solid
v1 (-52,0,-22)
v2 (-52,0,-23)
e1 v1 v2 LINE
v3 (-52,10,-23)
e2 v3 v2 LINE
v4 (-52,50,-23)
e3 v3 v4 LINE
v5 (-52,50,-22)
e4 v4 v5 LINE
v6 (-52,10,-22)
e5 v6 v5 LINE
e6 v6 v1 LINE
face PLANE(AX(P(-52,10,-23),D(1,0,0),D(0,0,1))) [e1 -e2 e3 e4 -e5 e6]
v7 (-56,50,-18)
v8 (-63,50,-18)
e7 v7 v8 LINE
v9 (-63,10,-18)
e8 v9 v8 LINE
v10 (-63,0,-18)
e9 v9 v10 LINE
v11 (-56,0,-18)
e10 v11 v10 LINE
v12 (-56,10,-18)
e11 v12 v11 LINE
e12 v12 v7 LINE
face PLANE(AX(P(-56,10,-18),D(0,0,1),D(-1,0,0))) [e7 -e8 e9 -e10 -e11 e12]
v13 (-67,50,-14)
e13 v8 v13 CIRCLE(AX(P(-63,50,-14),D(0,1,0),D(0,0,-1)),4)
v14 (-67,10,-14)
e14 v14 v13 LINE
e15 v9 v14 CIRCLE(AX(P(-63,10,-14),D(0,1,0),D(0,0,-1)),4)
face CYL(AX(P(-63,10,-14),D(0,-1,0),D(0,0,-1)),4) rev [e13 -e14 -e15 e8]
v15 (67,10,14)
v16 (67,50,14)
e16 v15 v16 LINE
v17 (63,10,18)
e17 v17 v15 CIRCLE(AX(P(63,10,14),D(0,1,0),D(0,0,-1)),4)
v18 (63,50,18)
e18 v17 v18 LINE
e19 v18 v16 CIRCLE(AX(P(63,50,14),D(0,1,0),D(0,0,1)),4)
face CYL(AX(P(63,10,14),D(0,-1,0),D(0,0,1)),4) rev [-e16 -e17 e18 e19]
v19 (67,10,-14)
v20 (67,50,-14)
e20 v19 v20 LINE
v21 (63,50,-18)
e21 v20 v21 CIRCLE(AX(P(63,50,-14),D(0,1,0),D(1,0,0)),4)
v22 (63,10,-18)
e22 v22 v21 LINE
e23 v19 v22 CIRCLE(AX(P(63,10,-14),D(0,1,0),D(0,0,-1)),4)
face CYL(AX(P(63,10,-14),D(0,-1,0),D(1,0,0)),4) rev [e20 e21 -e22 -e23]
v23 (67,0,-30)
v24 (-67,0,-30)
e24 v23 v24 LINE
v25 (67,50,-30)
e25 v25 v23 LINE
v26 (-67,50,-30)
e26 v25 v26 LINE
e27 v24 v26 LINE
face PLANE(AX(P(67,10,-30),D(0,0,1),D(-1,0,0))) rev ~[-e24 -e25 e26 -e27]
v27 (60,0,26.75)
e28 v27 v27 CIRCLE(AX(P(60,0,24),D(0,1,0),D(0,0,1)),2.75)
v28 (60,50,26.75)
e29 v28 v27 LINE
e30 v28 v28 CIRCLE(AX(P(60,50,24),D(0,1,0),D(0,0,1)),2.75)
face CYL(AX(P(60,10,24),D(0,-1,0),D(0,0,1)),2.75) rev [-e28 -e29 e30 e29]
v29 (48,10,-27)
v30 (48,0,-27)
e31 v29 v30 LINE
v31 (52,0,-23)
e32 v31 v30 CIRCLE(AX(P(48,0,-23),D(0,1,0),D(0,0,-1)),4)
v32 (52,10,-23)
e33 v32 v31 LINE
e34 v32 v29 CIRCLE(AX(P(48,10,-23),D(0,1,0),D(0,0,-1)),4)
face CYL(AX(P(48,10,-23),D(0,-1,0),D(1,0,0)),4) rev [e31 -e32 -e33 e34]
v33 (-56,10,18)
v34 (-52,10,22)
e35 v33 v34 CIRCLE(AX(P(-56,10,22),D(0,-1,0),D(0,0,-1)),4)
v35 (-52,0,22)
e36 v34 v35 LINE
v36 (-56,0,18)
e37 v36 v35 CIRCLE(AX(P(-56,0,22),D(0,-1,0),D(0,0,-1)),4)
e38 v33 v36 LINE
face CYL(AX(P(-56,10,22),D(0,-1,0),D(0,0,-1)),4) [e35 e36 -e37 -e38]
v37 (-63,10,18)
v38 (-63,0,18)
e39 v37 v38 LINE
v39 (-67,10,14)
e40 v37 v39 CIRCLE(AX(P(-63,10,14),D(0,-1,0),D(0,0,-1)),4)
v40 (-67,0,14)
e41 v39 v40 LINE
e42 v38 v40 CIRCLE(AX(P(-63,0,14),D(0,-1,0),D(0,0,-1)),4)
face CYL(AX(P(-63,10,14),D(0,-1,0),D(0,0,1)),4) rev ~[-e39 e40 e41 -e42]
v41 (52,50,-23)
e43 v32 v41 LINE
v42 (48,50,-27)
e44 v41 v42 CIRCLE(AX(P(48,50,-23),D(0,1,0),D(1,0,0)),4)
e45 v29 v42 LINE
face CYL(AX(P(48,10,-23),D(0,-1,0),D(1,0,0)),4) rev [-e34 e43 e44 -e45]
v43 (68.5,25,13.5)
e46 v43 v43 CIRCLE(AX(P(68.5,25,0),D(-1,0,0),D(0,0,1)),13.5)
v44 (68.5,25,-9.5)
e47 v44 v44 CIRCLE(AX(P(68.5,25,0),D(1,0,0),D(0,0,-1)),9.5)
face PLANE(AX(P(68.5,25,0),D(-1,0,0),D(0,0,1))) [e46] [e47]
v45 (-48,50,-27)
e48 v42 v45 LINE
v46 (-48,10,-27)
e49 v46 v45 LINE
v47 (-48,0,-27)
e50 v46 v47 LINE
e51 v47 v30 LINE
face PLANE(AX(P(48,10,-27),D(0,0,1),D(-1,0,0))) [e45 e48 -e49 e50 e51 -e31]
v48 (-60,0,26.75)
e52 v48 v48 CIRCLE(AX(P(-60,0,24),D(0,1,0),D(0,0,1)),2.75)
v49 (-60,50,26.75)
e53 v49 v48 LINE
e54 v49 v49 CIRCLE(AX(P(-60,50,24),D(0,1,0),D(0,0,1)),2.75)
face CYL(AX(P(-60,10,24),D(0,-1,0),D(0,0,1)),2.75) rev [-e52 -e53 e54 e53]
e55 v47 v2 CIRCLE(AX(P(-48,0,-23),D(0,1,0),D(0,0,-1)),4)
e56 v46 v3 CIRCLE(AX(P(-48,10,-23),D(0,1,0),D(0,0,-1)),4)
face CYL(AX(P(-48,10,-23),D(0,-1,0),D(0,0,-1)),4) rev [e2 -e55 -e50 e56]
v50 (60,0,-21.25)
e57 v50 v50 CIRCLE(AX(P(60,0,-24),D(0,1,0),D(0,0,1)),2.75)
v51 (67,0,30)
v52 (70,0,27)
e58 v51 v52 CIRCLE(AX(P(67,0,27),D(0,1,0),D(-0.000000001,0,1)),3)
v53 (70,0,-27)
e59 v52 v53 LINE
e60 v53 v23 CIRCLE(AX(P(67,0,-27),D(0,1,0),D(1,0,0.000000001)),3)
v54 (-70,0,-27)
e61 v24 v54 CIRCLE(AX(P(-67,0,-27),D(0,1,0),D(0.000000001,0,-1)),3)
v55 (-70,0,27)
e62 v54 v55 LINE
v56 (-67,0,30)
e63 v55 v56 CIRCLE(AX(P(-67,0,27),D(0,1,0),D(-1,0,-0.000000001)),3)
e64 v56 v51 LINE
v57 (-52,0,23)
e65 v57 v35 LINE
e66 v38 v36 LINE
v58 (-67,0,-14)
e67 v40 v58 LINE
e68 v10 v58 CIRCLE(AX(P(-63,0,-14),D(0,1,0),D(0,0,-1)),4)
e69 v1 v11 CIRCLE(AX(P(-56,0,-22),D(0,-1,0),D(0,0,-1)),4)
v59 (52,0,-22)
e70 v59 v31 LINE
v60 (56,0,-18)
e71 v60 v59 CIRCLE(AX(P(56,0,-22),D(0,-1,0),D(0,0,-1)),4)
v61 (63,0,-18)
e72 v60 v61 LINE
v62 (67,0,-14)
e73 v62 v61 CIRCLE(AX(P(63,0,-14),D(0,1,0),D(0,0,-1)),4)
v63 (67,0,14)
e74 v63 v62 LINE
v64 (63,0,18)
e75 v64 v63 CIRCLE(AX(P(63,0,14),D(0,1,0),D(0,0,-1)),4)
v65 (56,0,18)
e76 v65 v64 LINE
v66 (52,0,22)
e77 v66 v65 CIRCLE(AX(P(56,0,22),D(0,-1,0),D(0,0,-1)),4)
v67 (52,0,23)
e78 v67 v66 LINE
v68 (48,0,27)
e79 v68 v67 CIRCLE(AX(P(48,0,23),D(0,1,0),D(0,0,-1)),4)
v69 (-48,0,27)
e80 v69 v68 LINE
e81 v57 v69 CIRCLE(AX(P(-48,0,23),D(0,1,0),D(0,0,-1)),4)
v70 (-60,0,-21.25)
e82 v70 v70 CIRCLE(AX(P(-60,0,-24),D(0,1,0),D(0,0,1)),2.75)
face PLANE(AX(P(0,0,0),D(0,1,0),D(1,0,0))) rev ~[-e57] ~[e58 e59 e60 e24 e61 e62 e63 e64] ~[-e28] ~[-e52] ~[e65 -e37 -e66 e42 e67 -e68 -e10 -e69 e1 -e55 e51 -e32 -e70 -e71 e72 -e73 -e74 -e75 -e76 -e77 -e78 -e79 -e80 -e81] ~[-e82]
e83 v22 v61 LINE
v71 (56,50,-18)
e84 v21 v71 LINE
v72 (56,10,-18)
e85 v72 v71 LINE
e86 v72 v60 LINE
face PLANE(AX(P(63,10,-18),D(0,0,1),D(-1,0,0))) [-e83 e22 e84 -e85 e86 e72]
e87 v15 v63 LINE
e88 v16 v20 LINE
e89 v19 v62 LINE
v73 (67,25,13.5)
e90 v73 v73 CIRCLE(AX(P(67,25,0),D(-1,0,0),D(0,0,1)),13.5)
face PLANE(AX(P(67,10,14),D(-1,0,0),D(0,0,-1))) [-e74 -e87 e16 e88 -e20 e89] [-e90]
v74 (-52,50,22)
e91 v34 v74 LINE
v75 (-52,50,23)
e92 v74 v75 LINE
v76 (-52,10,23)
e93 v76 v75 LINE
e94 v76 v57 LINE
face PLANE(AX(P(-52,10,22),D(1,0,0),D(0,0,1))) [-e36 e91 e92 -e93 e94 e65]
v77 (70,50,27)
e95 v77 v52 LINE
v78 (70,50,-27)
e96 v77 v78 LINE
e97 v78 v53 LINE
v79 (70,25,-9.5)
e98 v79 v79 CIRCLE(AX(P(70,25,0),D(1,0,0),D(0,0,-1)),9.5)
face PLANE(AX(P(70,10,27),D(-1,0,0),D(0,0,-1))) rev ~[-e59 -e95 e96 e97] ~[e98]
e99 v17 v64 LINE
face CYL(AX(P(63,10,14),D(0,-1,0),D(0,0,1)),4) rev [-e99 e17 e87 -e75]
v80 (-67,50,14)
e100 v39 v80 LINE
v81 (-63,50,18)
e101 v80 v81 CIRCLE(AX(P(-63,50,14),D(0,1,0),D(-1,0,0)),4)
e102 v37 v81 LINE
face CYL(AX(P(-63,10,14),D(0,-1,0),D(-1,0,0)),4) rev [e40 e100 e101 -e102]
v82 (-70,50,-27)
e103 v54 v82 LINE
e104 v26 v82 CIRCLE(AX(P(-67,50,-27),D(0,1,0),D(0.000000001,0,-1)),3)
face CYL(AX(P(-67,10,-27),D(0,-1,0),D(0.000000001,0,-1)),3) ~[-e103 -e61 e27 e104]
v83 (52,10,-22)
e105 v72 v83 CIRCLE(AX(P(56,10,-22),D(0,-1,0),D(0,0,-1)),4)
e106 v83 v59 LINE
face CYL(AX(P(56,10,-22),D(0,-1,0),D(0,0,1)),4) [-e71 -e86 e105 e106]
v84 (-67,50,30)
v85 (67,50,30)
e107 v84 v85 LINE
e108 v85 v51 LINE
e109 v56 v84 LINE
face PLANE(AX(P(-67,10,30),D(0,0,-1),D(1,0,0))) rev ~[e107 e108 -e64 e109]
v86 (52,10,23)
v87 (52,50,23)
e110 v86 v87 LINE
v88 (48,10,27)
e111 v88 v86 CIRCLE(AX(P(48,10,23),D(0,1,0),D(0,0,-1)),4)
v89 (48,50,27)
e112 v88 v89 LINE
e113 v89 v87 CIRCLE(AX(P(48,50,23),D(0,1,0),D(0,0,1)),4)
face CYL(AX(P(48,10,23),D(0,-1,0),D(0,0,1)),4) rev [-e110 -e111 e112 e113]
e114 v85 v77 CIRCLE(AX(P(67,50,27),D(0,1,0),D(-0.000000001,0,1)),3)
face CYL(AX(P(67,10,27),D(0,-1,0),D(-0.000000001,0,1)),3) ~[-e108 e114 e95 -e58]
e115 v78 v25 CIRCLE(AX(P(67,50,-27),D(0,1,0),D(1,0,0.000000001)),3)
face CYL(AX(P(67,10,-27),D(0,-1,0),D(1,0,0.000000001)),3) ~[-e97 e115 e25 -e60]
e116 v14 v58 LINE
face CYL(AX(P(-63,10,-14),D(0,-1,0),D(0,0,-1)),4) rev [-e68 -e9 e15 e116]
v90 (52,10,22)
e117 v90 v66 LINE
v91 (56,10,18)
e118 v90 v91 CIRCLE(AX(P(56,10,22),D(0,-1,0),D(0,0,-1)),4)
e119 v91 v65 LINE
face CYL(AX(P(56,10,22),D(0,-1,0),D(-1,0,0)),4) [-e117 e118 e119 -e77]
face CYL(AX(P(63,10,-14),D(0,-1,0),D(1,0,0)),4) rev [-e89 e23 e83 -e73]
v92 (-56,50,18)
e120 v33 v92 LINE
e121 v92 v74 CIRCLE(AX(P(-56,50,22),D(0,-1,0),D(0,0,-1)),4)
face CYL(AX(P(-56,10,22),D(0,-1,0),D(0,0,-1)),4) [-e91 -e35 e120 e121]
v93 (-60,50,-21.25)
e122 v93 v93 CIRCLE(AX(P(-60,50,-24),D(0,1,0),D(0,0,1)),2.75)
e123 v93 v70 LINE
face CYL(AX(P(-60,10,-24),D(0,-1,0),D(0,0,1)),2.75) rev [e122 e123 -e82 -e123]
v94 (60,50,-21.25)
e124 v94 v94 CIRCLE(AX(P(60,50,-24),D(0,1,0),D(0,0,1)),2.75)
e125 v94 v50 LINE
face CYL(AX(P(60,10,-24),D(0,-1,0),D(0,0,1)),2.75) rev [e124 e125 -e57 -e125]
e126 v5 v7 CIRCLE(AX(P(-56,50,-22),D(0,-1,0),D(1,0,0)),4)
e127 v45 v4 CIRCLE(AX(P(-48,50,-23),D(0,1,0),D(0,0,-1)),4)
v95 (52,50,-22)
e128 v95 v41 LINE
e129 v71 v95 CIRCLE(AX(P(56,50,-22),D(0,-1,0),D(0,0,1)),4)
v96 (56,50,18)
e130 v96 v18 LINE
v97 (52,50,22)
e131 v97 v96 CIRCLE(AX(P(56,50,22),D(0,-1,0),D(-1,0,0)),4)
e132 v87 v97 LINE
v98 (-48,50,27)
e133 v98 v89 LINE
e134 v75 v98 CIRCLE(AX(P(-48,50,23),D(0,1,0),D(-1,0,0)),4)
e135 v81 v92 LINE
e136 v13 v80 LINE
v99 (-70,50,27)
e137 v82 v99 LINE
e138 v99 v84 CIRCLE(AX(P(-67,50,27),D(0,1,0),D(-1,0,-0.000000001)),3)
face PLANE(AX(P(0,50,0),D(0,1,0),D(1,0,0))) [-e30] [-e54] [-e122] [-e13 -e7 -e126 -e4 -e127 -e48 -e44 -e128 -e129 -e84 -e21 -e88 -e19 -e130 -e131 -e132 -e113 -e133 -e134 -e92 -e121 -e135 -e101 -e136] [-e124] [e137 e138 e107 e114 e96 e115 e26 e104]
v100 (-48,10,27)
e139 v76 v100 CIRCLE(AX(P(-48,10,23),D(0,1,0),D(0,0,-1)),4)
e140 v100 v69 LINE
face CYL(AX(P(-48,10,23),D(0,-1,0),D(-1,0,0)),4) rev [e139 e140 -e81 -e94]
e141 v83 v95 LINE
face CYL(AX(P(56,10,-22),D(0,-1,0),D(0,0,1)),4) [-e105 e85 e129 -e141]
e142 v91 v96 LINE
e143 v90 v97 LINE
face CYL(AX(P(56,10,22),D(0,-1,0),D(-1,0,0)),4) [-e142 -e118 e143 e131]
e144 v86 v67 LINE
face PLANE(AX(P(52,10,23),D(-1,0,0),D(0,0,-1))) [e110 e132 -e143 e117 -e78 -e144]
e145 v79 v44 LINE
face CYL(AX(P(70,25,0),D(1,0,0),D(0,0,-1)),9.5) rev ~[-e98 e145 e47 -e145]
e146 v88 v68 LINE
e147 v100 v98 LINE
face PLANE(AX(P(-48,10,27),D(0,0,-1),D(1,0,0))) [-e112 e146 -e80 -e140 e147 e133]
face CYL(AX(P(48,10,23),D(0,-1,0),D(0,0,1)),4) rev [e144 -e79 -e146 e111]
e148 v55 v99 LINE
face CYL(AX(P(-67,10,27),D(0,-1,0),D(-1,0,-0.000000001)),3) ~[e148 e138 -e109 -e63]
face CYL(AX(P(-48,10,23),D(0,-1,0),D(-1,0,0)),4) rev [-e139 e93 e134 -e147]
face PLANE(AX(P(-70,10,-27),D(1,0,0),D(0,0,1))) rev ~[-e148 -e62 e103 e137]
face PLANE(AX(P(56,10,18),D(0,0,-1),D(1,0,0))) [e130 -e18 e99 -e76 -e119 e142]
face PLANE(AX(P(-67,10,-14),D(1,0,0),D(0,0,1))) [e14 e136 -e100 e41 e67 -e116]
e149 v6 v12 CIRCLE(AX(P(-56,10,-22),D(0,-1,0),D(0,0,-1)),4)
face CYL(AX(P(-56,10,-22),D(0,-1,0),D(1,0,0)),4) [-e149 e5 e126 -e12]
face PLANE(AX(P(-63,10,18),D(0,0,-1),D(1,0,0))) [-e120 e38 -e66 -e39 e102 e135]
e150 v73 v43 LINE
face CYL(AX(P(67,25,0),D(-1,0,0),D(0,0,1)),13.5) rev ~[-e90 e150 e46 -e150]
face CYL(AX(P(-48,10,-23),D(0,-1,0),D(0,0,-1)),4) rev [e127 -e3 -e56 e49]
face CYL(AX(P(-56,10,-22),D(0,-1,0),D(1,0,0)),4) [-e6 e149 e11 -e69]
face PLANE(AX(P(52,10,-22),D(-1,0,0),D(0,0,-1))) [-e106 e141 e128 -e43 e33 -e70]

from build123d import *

# Parameters (mm, degrees)
SKETCH1_R           = 2.75
SKETCH1_W           = 130
SKETCH1_H           = 38
BOSS_EXTRUDE1_DEPTH = 10
SKETCH1_2_W         = 130
SKETCH1_2_H         = 38
BOSS_EXTRUDE2_DEPTH = 10
SKETCH14_W          = 15
SKETCH14_H          = 36
SKETCH14_W_2        = 104
SKETCH14_H_2        = 9
CUT_EXTRUDE2_DEPTH  = 77.811457479
FILLET2_R           = 4
SKETCH15_R          = 2.75
BOSS_EXTRUDE3_DEPTH = 40
CUT_EXTRUDE3_REACH  = 153.658
SKETCH16_R          = 9.5
SKETCH17_R          = 13.5
CUT_EXTRUDE4_DEPTH  = 1.5


with BuildPart() as part:
    # Sketch1 → Boss-Extrude1 (new body)
    with BuildSketch(Plane(origin=(0, 0, 0), x_dir=(1, 0, 0), z_dir=(0, 1, 0))):
        with BuildLine():
            Line((67, 30), (-67, 30))
            ThreePointArc((-67, 30), (-69.121320344, 29.121320344), (-70, 27))
            Line((-70, 27), (-70, -27))
            ThreePointArc((-70, -27), (-69.121320344, -29.121320344), (-67, -30))
            Line((-67, -30), (67, -30))
            ThreePointArc((67, -30), (69.121320344, -29.121320344), (70, -27))
            Line((70, -27), (70, 27))
            ThreePointArc((70, 27), (69.121320344, 29.121320344), (67, 30))
        make_face()
        with Locations(Location((-60, 24, 0), (0, 0, 270))):
            Circle(SKETCH1_R, mode=Mode.SUBTRACT)
        with Locations(Location((-60, -24, 0), (0, 0, 270))):
            Circle(SKETCH1_R, mode=Mode.SUBTRACT)
        with Locations(Location((60, -24, 0), (0, 0, 270))):
            Circle(SKETCH1_R, mode=Mode.SUBTRACT)
        with Locations(Location((60, 24, 0), (0, 0, 270))):
            Circle(SKETCH1_R, mode=Mode.SUBTRACT)
        Rectangle(SKETCH1_W, SKETCH1_H, mode=Mode.SUBTRACT)
    extrude(amount=BOSS_EXTRUDE1_DEPTH)

    # Sketch1<2> → Boss-Extrude2 (add)
    with BuildSketch(Plane(origin=(0, 0, 0), x_dir=(1, 0, 0), z_dir=(0, 1, 0))):
        Rectangle(SKETCH1_2_W, SKETCH1_2_H)
    extrude(amount=BOSS_EXTRUDE2_DEPTH)

    # Sketch14 → Cut-Extrude2 (cut, through all)
    with BuildSketch(Plane(origin=(0, 10, 0), x_dir=(1, 0, 0), z_dir=(0, 1, 0))):
        with Locations((-59.5, 0)):
            Rectangle(SKETCH14_W, SKETCH14_H)
        Rectangle(SKETCH14_W_2, SKETCH14_H)
        with Locations((0, 22.5)):
            Rectangle(SKETCH14_W_2, SKETCH14_H_2)
        with Locations((59.5, 0)):
            Rectangle(SKETCH14_W, SKETCH14_H)
        with Locations((0, -22.5)):
            Rectangle(SKETCH14_W_2, SKETCH14_H_2)
    extrude(amount=-CUT_EXTRUDE2_DEPTH, mode=Mode.SUBTRACT)

    # Fillet2
    fillet2_edges = [part.edges().sort_by_distance(p)[0] for p in [
        (-67, 5, 18),
        (-67, 5, -18),
        (-52, 5, -18),
        (-52, 5, -27),
        (52, 5, -27),
        (52, 5, -18),
        (67, 5, -18),
        (67, 5, 18),
        (52, 5, 18),
        (52, 5, 27),
        (-52, 5, 27),
        (-52, 5, 18),
    ]]
    fillet(fillet2_edges, radius=FILLET2_R)

    # Sketch15 → Boss-Extrude3 (add)
    with BuildSketch(Plane(origin=(0, 10, 0), x_dir=(1, 0, 0), z_dir=(0, 1, 0))):
        with BuildLine():
            Line((67, 30), (-67, 30))
            ThreePointArc((-67, 30), (-69.121320344, 29.121320344), (-70, 27))
            Line((-70, 27), (-70, -27))
            ThreePointArc((-70, -27), (-69.121320344, -29.121320344), (-67, -30))
            Line((-67, -30), (67, -30))
            ThreePointArc((67, -30), (69.121320344, -29.121320344), (70, -27))
            Line((70, -27), (70, 27))
            ThreePointArc((70, 27), (69.121320344, 29.121320344), (67, 30))
        make_face()
        with Locations(Location((-60, 24, 0), (0, 0, 270))):
            Circle(SKETCH15_R, mode=Mode.SUBTRACT)
        with Locations(Location((-60, -24, 0), (0, 0, 270))):
            Circle(SKETCH15_R, mode=Mode.SUBTRACT)
        with Locations(Location((60, -24, 0), (0, 0, 270))):
            Circle(SKETCH15_R, mode=Mode.SUBTRACT)
        with Locations(Location((60, 24, 0), (0, 0, 270))):
            Circle(SKETCH15_R, mode=Mode.SUBTRACT)
        with BuildLine():
            Line((56, -18), (63, -18))
            ThreePointArc((63, -18), (65.828427125, -16.828427125), (67, -14))
            Line((67, -14), (67, 14))
            ThreePointArc((67, 14), (65.828427125, 16.828427125), (63, 18))
            Line((63, 18), (56, 18))
            ThreePointArc((56, 18), (53.171572875, 19.171572875), (52, 22))
            Line((52, 22), (52, 23))
            ThreePointArc((52, 23), (50.828427125, 25.828427125), (48, 27))
            Line((48, 27), (-48, 27))
            ThreePointArc((-48, 27), (-50.828427125, 25.828427125), (-52, 23))
            Line((-52, 23), (-52, 22))
            ThreePointArc((-52, 22), (-53.171572875, 19.171572875), (-56, 18))
            Line((-56, 18), (-63, 18))
            ThreePointArc((-63, 18), (-65.828427125, 16.828427125), (-67, 14))
            Line((-67, 14), (-67, -14))
            ThreePointArc((-67, -14), (-65.828427125, -16.828427125), (-63, -18))
            Line((-63, -18), (-56, -18))
            ThreePointArc((-56, -18), (-53.171572875, -19.171572875), (-52, -22))
            Line((-52, -22), (-52, -23))
            ThreePointArc((-52, -23), (-50.828427125, -25.828427125), (-48, -27))
            Line((-48, -27), (48, -27))
            ThreePointArc((48, -27), (50.828427125, -25.828427125), (52, -23))
            Line((52, -23), (52, -22))
            ThreePointArc((52, -22), (53.171572875, -19.171572875), (56, -18))
        make_face(mode=Mode.SUBTRACT)
    extrude(amount=BOSS_EXTRUDE3_DEPTH)

    # Sketch16 → Cut-Extrude3 (cut, up to next)
    with BuildSketch(Plane(origin=(70, 0, 0), x_dir=(0, 0, -1), z_dir=(1, 0, 0)), mode=Mode.PRIVATE) as cut_extrude3_sk1:
        with Locations((0, 25)):
            Circle(SKETCH16_R)
    cut_extrude3_tool1 = extrude(cut_extrude3_sk1.sketch, amount=-CUT_EXTRUDE3_REACH, mode=Mode.PRIVATE) & part.part
    add(cut_extrude3_tool1.solids().sort_by_distance((70, 25, 0))[0], mode=Mode.SUBTRACT)

    # Sketch17 → Cut-Extrude4 (cut)
    with BuildSketch(Plane.ZY.offset(-67)):
        with Locations((0, 25)):
            Circle(SKETCH17_R)
    extrude(amount=-CUT_EXTRUDE4_DEPTH, mode=Mode.SUBTRACT)


solid = part.part
